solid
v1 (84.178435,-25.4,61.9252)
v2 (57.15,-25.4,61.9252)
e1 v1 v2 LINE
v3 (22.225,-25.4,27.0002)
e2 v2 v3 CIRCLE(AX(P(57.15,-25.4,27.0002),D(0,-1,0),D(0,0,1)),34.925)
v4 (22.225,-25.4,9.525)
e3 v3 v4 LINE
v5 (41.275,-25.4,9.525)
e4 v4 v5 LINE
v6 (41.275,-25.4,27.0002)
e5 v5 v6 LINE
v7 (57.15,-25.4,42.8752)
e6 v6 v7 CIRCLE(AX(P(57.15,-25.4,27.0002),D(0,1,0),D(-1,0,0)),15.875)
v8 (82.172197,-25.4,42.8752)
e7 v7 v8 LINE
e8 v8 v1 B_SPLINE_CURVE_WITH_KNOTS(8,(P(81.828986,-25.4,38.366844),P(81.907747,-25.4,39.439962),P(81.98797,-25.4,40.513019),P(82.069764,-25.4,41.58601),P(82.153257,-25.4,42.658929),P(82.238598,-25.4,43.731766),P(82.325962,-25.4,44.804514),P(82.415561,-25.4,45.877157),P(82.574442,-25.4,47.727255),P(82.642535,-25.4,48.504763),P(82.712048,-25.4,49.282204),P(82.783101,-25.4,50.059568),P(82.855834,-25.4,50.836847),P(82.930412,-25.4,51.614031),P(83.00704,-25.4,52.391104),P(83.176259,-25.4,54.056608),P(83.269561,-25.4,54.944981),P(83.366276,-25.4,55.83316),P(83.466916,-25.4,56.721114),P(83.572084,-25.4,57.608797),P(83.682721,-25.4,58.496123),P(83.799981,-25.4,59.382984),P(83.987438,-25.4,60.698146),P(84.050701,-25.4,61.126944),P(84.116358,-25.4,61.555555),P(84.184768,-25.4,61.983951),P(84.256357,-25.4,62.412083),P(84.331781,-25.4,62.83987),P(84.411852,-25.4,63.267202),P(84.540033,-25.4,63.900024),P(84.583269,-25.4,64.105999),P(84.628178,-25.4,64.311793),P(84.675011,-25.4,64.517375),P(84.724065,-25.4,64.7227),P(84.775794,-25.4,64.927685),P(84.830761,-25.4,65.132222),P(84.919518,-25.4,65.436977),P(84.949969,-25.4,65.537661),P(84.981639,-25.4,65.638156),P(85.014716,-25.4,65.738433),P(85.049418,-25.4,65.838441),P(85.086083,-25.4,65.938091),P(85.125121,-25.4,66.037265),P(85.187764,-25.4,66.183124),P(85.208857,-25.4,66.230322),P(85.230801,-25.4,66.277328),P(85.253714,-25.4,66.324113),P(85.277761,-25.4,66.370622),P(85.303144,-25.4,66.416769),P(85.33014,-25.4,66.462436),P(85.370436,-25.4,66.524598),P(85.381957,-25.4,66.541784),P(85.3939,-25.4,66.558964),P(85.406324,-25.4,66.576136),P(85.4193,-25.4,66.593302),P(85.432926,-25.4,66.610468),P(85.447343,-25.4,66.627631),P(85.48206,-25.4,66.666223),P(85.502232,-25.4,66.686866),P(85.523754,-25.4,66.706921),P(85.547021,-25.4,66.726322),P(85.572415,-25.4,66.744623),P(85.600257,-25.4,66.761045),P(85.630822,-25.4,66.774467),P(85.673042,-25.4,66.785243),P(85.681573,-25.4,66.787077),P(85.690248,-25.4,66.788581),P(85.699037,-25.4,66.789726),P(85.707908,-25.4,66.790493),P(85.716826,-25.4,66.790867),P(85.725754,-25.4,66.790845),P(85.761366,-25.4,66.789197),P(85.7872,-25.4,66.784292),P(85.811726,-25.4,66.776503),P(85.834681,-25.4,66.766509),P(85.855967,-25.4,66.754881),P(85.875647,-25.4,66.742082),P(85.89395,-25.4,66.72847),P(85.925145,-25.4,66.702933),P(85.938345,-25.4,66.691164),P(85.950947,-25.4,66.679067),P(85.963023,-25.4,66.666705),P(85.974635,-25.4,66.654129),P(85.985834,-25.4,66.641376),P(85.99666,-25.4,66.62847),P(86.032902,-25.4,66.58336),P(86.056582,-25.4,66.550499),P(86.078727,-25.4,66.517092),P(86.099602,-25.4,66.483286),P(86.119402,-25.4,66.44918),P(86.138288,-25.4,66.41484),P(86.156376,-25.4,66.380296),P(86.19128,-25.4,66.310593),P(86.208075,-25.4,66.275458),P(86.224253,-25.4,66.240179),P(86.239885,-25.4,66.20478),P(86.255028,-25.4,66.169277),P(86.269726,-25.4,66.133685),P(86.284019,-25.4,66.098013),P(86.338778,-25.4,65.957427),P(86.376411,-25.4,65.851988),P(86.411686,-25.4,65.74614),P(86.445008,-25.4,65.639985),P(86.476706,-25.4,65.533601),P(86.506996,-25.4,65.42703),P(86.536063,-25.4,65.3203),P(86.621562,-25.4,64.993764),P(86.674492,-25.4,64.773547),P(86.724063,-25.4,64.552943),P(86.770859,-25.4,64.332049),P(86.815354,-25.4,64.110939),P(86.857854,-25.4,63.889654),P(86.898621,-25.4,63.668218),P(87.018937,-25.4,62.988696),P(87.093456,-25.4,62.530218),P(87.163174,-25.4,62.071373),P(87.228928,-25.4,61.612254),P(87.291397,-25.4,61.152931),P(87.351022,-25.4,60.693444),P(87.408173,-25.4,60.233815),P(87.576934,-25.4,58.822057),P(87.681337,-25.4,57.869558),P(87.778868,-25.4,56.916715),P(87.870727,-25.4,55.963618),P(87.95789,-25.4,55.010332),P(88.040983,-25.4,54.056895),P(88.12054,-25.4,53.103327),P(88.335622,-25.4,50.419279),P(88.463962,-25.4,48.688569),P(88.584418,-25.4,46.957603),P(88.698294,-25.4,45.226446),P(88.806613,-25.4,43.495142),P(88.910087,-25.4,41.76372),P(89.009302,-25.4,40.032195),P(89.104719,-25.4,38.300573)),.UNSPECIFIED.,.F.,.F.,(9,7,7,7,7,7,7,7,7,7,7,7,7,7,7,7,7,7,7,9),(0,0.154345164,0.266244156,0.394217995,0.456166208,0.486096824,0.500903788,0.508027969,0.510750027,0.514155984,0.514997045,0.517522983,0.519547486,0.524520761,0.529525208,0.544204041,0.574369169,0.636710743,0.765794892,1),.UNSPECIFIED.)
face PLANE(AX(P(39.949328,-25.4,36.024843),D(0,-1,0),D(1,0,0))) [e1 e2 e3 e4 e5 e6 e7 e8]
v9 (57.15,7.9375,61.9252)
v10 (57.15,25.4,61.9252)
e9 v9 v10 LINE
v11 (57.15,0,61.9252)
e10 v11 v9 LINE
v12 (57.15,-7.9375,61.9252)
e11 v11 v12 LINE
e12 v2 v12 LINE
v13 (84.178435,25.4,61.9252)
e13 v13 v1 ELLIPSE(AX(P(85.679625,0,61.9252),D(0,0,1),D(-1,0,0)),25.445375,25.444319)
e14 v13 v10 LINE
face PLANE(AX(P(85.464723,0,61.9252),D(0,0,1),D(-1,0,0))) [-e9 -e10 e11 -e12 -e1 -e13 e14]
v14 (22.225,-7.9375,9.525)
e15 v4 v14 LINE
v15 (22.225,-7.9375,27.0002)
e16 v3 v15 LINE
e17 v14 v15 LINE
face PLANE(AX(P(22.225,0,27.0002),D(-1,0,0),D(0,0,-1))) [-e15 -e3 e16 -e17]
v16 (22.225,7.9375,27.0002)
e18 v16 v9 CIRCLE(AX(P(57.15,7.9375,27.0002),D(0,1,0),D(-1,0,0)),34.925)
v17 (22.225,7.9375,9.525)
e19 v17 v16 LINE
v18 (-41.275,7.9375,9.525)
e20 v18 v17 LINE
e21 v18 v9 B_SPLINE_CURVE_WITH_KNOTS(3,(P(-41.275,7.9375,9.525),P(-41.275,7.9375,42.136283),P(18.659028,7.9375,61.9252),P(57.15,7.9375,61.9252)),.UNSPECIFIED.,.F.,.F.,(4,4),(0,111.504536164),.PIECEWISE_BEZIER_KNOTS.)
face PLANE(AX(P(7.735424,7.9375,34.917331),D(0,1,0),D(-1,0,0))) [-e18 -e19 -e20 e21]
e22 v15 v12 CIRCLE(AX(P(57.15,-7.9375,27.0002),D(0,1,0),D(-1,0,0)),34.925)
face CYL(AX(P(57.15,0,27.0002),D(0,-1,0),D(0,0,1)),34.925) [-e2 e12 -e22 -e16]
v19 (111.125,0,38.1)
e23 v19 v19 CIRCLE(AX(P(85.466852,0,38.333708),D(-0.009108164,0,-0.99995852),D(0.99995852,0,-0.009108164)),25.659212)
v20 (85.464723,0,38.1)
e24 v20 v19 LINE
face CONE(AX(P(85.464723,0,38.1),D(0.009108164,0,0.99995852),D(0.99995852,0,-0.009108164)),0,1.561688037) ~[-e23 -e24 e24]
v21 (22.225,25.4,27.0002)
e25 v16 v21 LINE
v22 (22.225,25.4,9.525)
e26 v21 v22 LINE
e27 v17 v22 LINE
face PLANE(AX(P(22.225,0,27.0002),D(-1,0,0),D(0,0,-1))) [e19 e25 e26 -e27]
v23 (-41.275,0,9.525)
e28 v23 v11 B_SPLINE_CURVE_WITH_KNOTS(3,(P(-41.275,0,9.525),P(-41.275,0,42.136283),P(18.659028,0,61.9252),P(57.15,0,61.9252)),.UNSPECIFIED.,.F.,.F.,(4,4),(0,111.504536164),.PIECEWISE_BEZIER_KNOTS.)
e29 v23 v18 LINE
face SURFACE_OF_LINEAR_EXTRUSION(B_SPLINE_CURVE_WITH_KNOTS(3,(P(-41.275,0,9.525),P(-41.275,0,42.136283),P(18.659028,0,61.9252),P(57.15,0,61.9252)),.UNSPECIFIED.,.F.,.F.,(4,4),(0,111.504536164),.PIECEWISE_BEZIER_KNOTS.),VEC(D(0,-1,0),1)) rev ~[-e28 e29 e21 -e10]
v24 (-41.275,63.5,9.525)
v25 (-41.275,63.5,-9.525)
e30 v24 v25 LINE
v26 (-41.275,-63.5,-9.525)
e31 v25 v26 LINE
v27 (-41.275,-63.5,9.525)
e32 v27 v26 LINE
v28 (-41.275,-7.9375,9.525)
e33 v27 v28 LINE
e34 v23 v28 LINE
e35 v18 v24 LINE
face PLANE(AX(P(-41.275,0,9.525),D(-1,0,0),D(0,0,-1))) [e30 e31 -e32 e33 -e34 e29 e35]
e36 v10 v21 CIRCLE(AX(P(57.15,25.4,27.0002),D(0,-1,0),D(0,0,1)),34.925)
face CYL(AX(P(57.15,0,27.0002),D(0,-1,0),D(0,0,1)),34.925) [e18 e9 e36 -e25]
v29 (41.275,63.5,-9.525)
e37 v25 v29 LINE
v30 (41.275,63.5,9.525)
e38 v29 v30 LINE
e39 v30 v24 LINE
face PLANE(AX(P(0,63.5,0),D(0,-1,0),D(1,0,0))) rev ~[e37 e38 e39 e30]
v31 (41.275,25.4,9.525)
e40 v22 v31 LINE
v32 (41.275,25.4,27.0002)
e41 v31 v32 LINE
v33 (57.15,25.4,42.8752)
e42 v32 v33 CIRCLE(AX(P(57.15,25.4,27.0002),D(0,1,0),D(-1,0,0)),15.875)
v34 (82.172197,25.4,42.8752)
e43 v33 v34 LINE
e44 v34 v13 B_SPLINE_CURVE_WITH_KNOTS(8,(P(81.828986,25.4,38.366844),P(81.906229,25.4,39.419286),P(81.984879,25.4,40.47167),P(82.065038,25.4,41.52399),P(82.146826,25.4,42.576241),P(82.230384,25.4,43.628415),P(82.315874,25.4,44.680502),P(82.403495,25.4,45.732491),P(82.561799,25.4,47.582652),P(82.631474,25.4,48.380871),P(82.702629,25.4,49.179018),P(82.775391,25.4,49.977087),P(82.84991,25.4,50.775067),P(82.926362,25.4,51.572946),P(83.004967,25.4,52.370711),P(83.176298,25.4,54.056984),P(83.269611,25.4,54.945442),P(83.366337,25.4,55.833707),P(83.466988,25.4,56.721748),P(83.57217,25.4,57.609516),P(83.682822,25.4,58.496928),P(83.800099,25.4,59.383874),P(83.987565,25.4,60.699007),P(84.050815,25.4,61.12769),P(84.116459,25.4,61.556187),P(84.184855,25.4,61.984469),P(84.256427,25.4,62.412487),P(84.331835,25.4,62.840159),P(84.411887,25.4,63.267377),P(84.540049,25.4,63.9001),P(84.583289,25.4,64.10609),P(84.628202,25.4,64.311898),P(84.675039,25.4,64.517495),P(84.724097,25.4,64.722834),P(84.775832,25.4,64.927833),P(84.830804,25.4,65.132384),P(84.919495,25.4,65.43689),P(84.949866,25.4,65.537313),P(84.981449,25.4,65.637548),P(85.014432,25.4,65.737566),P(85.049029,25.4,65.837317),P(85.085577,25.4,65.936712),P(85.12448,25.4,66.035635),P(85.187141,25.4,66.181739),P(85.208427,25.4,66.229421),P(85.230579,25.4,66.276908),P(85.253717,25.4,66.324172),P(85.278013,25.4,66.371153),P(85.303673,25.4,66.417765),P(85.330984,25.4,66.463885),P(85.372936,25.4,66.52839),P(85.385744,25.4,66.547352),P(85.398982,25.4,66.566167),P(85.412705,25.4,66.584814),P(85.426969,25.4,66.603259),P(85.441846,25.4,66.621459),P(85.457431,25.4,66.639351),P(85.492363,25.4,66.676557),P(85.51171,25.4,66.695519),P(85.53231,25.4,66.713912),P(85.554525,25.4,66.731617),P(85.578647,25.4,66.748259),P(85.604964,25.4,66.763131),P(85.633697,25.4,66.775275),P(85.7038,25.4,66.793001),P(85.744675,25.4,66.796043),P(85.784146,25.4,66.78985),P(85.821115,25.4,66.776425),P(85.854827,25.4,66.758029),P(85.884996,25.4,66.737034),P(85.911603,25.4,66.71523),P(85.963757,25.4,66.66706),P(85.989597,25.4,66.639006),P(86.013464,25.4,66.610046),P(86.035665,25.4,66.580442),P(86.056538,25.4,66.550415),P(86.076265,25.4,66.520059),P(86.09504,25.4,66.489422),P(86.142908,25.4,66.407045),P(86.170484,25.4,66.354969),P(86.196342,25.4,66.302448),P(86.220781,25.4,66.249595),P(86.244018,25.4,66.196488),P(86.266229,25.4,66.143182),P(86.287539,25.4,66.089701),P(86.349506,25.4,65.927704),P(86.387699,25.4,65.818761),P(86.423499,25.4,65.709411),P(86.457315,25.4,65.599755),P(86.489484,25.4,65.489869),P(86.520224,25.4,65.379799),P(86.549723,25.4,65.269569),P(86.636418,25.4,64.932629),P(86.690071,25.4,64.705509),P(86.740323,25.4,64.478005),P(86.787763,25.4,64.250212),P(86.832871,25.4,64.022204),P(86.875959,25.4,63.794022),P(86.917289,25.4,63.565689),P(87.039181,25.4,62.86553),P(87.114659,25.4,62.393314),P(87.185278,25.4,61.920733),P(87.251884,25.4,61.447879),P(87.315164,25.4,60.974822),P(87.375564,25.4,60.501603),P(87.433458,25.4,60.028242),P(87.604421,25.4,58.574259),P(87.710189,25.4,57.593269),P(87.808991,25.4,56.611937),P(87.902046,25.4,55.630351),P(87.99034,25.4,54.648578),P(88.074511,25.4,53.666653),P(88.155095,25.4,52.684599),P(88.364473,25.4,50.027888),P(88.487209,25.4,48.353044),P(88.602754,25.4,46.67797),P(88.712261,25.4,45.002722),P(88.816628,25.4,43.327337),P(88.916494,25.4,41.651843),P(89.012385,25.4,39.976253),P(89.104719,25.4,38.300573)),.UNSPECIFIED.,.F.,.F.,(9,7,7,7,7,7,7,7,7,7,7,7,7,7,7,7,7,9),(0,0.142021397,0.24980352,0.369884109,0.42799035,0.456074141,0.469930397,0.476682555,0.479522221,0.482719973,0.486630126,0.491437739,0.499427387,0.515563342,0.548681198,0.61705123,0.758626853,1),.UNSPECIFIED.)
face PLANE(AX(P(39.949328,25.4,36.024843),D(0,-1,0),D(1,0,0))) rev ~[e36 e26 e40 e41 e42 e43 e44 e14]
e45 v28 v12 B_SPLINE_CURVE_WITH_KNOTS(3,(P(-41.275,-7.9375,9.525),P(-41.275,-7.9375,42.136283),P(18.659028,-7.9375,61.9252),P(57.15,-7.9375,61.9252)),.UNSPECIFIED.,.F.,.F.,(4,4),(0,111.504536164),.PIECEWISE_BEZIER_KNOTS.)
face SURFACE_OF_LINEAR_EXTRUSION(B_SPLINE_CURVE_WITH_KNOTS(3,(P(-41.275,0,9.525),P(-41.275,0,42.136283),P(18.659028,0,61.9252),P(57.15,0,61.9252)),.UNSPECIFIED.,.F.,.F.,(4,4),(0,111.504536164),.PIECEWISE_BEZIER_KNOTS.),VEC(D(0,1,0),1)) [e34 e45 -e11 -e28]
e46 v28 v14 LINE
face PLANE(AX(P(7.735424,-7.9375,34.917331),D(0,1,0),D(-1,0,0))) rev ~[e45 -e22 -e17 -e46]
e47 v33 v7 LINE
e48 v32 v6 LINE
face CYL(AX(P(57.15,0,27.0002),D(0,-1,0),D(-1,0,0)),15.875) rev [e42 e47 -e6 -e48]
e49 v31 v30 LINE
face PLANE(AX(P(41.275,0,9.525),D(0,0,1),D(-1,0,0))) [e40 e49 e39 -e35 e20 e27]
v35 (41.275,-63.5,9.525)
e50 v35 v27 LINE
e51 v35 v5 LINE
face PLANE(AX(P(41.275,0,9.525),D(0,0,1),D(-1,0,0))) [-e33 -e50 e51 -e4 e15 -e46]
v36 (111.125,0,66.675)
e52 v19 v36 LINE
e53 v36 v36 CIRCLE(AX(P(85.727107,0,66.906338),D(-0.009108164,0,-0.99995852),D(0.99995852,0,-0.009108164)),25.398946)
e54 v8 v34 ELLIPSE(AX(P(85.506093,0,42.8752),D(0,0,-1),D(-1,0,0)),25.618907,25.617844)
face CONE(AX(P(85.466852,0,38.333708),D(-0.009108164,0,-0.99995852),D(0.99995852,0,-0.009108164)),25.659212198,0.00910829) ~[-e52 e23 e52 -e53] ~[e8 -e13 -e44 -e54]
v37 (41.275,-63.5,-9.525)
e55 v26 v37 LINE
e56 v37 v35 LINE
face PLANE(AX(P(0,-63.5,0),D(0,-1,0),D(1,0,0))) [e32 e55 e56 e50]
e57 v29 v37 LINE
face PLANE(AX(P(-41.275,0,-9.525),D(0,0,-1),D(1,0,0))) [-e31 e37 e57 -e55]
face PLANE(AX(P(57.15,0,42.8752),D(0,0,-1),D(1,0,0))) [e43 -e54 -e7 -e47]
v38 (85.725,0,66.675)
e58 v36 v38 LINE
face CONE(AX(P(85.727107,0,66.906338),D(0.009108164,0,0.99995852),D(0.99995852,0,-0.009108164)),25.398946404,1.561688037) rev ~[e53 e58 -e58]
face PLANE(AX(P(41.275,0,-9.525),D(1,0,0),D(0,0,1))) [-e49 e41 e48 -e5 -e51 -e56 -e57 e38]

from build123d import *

# Parameters (mm, degrees)
F1_DEPTH = 63.5
F0_W     = 25.1397234082
F0_H     = 19.05
F2_DEPTH = 25.4
F3_DEPTH = 7.9375


with BuildPart() as f1:
    # F0 (on Front) → F1 (new body, symmetric)
    with BuildSketch(Plane.XZ):
        Polygon((-41.275, 9.525), (-41.275, -9.525), (41.275, -9.525), (41.275, 9.525), (22.225, 9.525), align=None)
    extrude(amount=F1_DEPTH, both=True)

    # F0 (on Front) → F2 (join, symmetric)
    with BuildSketch(Plane.XZ):
        with BuildLine():
            Line((22.225, 9.525), (41.275, 9.525))
            Line((41.275, 9.525), (41.275, 27.0002))
            ThreePointArc((41.275, 27.0002), (45.9246798487, 38.2255201513), (57.15, 42.8752))
            Line((57.15, 42.8752), (60.325, 42.8752))
            Line((60.325, 42.8752), (60.325, 61.9252))
            Line((60.325, 61.9252), (57.15, 61.9252))
            ThreePointArc((57.15, 61.9252), (32.4542956671, 51.6959043329), (22.225, 27.0002))
            Line((22.225, 27.0002), (22.225, 9.525))
        make_face()
        with Locations((72.8948617041, 52.4002)):
            Rectangle(F0_W, F0_H)
    extrude(amount=F2_DEPTH, both=True)

    # F0 (on Front) → F3 (join, symmetric)
    with BuildSketch(Plane.XZ):
        with BuildLine():
            add(Edge.make_bspline(
                [(-41.275, 9.525), (-41.275, 42.1362832522), (18.6590275409, 61.9252), (57.15, 61.9252)],
                knots=[0, 0, 0, 0, 111.5045361635, 111.5045361635, 111.5045361635, 111.5045361635], degree=3))
            Line((-41.275, 9.525), (22.225, 9.525))
            Line((22.225, 9.525), (22.225, 27.0002))
            ThreePointArc((22.225, 27.0002), (32.4542956671, 51.6959043329), (57.15, 61.9252))
        make_face()
    extrude(amount=F3_DEPTH, both=True)

    # F0 (on Front) → F4 (revolve)
    with BuildSketch(Plane.XZ):
        Polygon((111.125, 66.675), (85.725, 66.675), (85.4647234082, 38.1), (111.125, 38.1), align=None)
    revolve(axis=Axis((85.5948617041, 0, 52.3875), (-0.0091081643, 0, -0.9999585198)))


solid = f1.part
